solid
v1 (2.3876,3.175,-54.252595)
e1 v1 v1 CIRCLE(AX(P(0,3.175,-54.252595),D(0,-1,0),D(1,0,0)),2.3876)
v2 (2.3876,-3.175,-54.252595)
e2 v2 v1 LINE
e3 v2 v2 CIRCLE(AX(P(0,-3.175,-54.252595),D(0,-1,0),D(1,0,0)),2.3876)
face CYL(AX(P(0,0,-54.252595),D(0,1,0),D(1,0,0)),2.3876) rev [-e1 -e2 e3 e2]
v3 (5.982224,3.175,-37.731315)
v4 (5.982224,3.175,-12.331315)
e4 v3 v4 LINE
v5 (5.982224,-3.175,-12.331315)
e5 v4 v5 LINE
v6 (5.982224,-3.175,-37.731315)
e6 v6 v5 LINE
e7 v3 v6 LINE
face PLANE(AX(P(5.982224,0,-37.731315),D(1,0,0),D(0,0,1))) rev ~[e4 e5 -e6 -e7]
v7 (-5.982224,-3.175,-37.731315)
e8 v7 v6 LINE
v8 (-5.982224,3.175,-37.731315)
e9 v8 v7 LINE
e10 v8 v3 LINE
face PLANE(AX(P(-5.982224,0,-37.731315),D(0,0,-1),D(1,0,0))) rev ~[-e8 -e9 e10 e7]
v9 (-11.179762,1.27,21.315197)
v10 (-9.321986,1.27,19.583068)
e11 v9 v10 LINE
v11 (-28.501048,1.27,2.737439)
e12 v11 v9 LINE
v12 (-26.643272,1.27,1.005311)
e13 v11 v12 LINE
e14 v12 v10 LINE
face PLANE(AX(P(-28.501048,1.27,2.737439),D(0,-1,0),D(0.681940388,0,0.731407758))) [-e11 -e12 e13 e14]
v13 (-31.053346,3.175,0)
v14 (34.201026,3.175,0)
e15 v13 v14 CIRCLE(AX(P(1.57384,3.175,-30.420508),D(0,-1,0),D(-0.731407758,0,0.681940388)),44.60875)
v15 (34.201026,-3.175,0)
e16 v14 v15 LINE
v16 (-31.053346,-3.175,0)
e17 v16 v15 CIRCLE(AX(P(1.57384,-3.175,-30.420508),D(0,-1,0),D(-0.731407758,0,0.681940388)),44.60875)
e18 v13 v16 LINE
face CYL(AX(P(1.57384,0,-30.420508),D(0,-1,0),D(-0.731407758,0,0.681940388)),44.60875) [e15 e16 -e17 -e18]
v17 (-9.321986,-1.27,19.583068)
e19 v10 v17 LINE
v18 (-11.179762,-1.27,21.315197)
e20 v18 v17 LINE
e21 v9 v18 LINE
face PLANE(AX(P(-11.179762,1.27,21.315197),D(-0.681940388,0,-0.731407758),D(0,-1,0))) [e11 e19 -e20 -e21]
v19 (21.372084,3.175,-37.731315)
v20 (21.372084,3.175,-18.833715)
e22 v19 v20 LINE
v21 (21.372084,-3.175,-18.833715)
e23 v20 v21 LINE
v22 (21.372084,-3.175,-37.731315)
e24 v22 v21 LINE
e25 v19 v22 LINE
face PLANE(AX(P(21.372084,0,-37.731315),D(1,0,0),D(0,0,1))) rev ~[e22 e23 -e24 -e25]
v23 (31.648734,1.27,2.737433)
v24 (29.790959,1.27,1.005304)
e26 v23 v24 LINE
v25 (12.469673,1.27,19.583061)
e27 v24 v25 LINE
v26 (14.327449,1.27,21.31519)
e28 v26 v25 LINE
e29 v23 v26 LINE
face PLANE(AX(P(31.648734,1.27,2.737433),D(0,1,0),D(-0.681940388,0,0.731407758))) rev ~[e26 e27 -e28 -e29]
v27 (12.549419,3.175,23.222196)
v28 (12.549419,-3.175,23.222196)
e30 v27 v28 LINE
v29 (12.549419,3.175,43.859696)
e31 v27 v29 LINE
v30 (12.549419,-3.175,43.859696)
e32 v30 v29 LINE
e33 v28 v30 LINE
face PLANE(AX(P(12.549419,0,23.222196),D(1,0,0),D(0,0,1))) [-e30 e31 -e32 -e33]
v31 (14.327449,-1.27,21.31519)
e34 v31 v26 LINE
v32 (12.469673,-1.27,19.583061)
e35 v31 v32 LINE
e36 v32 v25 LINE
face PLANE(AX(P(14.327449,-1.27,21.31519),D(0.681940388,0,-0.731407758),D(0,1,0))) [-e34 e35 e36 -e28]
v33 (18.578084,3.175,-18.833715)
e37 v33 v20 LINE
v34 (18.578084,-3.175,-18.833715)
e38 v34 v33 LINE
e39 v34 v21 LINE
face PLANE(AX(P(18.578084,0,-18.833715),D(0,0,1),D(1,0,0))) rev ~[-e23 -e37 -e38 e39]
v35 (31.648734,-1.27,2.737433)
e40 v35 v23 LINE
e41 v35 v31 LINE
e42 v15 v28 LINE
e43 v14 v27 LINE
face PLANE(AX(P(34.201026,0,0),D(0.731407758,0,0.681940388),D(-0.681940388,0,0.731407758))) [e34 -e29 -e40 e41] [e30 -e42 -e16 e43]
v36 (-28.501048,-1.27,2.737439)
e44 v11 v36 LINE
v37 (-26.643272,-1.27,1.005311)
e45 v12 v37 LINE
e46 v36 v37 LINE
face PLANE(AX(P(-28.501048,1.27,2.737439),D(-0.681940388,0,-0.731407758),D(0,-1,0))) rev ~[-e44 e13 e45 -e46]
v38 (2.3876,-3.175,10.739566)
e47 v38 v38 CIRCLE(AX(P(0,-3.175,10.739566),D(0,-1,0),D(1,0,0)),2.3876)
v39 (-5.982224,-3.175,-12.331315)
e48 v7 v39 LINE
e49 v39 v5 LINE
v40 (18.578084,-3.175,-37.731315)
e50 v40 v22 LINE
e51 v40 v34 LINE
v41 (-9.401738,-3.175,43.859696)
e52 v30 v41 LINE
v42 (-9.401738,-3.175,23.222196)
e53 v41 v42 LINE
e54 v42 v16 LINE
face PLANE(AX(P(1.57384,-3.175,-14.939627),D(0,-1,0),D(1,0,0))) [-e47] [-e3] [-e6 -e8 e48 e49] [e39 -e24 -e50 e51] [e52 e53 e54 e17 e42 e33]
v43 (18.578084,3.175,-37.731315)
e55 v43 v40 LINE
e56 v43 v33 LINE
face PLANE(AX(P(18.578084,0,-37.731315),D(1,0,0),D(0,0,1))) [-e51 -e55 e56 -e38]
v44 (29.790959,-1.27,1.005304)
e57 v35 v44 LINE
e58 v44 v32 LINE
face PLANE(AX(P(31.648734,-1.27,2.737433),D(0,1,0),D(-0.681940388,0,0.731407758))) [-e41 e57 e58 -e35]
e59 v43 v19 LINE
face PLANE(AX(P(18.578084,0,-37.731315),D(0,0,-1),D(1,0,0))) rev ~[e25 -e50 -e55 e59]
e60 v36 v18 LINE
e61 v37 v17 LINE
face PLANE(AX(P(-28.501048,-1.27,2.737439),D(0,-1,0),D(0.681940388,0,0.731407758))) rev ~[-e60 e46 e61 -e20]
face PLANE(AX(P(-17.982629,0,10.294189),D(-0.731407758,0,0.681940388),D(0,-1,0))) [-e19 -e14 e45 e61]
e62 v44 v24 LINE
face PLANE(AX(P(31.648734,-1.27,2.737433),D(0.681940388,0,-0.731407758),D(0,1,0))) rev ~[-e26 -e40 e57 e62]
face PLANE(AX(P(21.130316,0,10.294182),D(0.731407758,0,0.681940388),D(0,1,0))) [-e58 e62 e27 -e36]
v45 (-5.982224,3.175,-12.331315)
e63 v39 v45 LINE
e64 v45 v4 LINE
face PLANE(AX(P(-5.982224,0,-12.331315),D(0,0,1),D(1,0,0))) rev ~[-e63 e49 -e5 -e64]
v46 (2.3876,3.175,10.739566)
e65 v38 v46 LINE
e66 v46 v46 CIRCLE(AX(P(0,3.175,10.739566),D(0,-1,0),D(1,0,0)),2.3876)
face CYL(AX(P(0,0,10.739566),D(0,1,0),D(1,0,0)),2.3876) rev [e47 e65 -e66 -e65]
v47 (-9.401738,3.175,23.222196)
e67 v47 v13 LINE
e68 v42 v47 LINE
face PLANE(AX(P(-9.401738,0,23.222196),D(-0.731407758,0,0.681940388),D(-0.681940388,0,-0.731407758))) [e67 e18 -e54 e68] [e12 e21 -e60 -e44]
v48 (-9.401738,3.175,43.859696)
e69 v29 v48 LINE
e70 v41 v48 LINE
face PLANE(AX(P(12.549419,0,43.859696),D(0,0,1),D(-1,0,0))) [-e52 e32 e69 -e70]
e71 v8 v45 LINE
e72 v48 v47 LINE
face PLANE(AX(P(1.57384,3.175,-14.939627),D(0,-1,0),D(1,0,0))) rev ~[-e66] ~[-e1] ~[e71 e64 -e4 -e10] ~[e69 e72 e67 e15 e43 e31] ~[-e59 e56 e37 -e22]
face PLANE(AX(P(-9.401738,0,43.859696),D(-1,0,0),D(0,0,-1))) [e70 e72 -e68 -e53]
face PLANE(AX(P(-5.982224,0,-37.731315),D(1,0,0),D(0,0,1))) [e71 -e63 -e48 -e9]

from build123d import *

# Parameters (mm, degrees)
F0_R     = 2.3876
F0_W     = 11.9644477963
F0_H     = 25.4
F0_W_2   = 2.794
F0_H_2   = 18.8976
F1_DEPTH = 3.175
F3_W     = 2.54
F3_H     = 25.4
F4_DEPTH = 2.54
F6_W     = 2.54
F6_H     = 25.4
F7_DEPTH = 2.54


with BuildPart() as f1:
    # F0 (on Front) → F1 (new body, symmetric)
    with BuildSketch(Plane.XZ):
        with BuildLine():
            Line((-9.4017383467, 23.2221963037), (-31.0533456504, 0))
            ThreePointArc((-31.0533456504, 0), (1.5738401562, -75.0292582617), (34.2010259628, 0))
            Line((34.2010259628, 0), (12.5494186591, 23.2221963037))
            Line((12.5494186591, 23.2221963037), (12.5494186591, 43.8596963037))
            Line((12.5494186591, 43.8596963037), (-9.4017383467, 43.8596963037))
            Line((-9.4017383467, 43.8596963037), (-9.4017383467, 23.2221963037))
        make_face()
        with Locations((0, -54.2525947094)):
            Circle(F0_R, mode=Mode.SUBTRACT)
        with Locations((0, -25.0313151628)):
            Rectangle(F0_W, F0_H, mode=Mode.SUBTRACT)
        with Locations((19.9750838982, -28.2825151628)):
            Rectangle(F0_W_2, F0_H_2, mode=Mode.SUBTRACT)
        with Locations((0, 10.739565827)):
            Circle(F0_R, mode=Mode.SUBTRACT)
    extrude(amount=F1_DEPTH, both=True)

    # F3 (on offset) → F4 (cut)
    with BuildSketch(Plane(origin=(-16.6122141895, 0, 15.4886787354), x_dir=(0, -1, 0), z_dir=(-0.7314077576, 0, 0.6819403875))):
        with Locations((0, -4.733831039)):
            Rectangle(F3_W, F3_H)
    extrude(amount=-F4_DEPTH, mode=Mode.SUBTRACT)

    # F6 (on offset) → F7 (cut)
    with BuildSketch(Plane(origin=(18.2960887755, 0, 17.0586676721), x_dir=(0, 1, 0), z_dir=(0.7314077576, 0, 0.6819403875))):
        with Locations((0, -6.8803708986)):
            Rectangle(F6_W, F6_H)
    extrude(amount=-F7_DEPTH, mode=Mode.SUBTRACT)


solid = f1.part
